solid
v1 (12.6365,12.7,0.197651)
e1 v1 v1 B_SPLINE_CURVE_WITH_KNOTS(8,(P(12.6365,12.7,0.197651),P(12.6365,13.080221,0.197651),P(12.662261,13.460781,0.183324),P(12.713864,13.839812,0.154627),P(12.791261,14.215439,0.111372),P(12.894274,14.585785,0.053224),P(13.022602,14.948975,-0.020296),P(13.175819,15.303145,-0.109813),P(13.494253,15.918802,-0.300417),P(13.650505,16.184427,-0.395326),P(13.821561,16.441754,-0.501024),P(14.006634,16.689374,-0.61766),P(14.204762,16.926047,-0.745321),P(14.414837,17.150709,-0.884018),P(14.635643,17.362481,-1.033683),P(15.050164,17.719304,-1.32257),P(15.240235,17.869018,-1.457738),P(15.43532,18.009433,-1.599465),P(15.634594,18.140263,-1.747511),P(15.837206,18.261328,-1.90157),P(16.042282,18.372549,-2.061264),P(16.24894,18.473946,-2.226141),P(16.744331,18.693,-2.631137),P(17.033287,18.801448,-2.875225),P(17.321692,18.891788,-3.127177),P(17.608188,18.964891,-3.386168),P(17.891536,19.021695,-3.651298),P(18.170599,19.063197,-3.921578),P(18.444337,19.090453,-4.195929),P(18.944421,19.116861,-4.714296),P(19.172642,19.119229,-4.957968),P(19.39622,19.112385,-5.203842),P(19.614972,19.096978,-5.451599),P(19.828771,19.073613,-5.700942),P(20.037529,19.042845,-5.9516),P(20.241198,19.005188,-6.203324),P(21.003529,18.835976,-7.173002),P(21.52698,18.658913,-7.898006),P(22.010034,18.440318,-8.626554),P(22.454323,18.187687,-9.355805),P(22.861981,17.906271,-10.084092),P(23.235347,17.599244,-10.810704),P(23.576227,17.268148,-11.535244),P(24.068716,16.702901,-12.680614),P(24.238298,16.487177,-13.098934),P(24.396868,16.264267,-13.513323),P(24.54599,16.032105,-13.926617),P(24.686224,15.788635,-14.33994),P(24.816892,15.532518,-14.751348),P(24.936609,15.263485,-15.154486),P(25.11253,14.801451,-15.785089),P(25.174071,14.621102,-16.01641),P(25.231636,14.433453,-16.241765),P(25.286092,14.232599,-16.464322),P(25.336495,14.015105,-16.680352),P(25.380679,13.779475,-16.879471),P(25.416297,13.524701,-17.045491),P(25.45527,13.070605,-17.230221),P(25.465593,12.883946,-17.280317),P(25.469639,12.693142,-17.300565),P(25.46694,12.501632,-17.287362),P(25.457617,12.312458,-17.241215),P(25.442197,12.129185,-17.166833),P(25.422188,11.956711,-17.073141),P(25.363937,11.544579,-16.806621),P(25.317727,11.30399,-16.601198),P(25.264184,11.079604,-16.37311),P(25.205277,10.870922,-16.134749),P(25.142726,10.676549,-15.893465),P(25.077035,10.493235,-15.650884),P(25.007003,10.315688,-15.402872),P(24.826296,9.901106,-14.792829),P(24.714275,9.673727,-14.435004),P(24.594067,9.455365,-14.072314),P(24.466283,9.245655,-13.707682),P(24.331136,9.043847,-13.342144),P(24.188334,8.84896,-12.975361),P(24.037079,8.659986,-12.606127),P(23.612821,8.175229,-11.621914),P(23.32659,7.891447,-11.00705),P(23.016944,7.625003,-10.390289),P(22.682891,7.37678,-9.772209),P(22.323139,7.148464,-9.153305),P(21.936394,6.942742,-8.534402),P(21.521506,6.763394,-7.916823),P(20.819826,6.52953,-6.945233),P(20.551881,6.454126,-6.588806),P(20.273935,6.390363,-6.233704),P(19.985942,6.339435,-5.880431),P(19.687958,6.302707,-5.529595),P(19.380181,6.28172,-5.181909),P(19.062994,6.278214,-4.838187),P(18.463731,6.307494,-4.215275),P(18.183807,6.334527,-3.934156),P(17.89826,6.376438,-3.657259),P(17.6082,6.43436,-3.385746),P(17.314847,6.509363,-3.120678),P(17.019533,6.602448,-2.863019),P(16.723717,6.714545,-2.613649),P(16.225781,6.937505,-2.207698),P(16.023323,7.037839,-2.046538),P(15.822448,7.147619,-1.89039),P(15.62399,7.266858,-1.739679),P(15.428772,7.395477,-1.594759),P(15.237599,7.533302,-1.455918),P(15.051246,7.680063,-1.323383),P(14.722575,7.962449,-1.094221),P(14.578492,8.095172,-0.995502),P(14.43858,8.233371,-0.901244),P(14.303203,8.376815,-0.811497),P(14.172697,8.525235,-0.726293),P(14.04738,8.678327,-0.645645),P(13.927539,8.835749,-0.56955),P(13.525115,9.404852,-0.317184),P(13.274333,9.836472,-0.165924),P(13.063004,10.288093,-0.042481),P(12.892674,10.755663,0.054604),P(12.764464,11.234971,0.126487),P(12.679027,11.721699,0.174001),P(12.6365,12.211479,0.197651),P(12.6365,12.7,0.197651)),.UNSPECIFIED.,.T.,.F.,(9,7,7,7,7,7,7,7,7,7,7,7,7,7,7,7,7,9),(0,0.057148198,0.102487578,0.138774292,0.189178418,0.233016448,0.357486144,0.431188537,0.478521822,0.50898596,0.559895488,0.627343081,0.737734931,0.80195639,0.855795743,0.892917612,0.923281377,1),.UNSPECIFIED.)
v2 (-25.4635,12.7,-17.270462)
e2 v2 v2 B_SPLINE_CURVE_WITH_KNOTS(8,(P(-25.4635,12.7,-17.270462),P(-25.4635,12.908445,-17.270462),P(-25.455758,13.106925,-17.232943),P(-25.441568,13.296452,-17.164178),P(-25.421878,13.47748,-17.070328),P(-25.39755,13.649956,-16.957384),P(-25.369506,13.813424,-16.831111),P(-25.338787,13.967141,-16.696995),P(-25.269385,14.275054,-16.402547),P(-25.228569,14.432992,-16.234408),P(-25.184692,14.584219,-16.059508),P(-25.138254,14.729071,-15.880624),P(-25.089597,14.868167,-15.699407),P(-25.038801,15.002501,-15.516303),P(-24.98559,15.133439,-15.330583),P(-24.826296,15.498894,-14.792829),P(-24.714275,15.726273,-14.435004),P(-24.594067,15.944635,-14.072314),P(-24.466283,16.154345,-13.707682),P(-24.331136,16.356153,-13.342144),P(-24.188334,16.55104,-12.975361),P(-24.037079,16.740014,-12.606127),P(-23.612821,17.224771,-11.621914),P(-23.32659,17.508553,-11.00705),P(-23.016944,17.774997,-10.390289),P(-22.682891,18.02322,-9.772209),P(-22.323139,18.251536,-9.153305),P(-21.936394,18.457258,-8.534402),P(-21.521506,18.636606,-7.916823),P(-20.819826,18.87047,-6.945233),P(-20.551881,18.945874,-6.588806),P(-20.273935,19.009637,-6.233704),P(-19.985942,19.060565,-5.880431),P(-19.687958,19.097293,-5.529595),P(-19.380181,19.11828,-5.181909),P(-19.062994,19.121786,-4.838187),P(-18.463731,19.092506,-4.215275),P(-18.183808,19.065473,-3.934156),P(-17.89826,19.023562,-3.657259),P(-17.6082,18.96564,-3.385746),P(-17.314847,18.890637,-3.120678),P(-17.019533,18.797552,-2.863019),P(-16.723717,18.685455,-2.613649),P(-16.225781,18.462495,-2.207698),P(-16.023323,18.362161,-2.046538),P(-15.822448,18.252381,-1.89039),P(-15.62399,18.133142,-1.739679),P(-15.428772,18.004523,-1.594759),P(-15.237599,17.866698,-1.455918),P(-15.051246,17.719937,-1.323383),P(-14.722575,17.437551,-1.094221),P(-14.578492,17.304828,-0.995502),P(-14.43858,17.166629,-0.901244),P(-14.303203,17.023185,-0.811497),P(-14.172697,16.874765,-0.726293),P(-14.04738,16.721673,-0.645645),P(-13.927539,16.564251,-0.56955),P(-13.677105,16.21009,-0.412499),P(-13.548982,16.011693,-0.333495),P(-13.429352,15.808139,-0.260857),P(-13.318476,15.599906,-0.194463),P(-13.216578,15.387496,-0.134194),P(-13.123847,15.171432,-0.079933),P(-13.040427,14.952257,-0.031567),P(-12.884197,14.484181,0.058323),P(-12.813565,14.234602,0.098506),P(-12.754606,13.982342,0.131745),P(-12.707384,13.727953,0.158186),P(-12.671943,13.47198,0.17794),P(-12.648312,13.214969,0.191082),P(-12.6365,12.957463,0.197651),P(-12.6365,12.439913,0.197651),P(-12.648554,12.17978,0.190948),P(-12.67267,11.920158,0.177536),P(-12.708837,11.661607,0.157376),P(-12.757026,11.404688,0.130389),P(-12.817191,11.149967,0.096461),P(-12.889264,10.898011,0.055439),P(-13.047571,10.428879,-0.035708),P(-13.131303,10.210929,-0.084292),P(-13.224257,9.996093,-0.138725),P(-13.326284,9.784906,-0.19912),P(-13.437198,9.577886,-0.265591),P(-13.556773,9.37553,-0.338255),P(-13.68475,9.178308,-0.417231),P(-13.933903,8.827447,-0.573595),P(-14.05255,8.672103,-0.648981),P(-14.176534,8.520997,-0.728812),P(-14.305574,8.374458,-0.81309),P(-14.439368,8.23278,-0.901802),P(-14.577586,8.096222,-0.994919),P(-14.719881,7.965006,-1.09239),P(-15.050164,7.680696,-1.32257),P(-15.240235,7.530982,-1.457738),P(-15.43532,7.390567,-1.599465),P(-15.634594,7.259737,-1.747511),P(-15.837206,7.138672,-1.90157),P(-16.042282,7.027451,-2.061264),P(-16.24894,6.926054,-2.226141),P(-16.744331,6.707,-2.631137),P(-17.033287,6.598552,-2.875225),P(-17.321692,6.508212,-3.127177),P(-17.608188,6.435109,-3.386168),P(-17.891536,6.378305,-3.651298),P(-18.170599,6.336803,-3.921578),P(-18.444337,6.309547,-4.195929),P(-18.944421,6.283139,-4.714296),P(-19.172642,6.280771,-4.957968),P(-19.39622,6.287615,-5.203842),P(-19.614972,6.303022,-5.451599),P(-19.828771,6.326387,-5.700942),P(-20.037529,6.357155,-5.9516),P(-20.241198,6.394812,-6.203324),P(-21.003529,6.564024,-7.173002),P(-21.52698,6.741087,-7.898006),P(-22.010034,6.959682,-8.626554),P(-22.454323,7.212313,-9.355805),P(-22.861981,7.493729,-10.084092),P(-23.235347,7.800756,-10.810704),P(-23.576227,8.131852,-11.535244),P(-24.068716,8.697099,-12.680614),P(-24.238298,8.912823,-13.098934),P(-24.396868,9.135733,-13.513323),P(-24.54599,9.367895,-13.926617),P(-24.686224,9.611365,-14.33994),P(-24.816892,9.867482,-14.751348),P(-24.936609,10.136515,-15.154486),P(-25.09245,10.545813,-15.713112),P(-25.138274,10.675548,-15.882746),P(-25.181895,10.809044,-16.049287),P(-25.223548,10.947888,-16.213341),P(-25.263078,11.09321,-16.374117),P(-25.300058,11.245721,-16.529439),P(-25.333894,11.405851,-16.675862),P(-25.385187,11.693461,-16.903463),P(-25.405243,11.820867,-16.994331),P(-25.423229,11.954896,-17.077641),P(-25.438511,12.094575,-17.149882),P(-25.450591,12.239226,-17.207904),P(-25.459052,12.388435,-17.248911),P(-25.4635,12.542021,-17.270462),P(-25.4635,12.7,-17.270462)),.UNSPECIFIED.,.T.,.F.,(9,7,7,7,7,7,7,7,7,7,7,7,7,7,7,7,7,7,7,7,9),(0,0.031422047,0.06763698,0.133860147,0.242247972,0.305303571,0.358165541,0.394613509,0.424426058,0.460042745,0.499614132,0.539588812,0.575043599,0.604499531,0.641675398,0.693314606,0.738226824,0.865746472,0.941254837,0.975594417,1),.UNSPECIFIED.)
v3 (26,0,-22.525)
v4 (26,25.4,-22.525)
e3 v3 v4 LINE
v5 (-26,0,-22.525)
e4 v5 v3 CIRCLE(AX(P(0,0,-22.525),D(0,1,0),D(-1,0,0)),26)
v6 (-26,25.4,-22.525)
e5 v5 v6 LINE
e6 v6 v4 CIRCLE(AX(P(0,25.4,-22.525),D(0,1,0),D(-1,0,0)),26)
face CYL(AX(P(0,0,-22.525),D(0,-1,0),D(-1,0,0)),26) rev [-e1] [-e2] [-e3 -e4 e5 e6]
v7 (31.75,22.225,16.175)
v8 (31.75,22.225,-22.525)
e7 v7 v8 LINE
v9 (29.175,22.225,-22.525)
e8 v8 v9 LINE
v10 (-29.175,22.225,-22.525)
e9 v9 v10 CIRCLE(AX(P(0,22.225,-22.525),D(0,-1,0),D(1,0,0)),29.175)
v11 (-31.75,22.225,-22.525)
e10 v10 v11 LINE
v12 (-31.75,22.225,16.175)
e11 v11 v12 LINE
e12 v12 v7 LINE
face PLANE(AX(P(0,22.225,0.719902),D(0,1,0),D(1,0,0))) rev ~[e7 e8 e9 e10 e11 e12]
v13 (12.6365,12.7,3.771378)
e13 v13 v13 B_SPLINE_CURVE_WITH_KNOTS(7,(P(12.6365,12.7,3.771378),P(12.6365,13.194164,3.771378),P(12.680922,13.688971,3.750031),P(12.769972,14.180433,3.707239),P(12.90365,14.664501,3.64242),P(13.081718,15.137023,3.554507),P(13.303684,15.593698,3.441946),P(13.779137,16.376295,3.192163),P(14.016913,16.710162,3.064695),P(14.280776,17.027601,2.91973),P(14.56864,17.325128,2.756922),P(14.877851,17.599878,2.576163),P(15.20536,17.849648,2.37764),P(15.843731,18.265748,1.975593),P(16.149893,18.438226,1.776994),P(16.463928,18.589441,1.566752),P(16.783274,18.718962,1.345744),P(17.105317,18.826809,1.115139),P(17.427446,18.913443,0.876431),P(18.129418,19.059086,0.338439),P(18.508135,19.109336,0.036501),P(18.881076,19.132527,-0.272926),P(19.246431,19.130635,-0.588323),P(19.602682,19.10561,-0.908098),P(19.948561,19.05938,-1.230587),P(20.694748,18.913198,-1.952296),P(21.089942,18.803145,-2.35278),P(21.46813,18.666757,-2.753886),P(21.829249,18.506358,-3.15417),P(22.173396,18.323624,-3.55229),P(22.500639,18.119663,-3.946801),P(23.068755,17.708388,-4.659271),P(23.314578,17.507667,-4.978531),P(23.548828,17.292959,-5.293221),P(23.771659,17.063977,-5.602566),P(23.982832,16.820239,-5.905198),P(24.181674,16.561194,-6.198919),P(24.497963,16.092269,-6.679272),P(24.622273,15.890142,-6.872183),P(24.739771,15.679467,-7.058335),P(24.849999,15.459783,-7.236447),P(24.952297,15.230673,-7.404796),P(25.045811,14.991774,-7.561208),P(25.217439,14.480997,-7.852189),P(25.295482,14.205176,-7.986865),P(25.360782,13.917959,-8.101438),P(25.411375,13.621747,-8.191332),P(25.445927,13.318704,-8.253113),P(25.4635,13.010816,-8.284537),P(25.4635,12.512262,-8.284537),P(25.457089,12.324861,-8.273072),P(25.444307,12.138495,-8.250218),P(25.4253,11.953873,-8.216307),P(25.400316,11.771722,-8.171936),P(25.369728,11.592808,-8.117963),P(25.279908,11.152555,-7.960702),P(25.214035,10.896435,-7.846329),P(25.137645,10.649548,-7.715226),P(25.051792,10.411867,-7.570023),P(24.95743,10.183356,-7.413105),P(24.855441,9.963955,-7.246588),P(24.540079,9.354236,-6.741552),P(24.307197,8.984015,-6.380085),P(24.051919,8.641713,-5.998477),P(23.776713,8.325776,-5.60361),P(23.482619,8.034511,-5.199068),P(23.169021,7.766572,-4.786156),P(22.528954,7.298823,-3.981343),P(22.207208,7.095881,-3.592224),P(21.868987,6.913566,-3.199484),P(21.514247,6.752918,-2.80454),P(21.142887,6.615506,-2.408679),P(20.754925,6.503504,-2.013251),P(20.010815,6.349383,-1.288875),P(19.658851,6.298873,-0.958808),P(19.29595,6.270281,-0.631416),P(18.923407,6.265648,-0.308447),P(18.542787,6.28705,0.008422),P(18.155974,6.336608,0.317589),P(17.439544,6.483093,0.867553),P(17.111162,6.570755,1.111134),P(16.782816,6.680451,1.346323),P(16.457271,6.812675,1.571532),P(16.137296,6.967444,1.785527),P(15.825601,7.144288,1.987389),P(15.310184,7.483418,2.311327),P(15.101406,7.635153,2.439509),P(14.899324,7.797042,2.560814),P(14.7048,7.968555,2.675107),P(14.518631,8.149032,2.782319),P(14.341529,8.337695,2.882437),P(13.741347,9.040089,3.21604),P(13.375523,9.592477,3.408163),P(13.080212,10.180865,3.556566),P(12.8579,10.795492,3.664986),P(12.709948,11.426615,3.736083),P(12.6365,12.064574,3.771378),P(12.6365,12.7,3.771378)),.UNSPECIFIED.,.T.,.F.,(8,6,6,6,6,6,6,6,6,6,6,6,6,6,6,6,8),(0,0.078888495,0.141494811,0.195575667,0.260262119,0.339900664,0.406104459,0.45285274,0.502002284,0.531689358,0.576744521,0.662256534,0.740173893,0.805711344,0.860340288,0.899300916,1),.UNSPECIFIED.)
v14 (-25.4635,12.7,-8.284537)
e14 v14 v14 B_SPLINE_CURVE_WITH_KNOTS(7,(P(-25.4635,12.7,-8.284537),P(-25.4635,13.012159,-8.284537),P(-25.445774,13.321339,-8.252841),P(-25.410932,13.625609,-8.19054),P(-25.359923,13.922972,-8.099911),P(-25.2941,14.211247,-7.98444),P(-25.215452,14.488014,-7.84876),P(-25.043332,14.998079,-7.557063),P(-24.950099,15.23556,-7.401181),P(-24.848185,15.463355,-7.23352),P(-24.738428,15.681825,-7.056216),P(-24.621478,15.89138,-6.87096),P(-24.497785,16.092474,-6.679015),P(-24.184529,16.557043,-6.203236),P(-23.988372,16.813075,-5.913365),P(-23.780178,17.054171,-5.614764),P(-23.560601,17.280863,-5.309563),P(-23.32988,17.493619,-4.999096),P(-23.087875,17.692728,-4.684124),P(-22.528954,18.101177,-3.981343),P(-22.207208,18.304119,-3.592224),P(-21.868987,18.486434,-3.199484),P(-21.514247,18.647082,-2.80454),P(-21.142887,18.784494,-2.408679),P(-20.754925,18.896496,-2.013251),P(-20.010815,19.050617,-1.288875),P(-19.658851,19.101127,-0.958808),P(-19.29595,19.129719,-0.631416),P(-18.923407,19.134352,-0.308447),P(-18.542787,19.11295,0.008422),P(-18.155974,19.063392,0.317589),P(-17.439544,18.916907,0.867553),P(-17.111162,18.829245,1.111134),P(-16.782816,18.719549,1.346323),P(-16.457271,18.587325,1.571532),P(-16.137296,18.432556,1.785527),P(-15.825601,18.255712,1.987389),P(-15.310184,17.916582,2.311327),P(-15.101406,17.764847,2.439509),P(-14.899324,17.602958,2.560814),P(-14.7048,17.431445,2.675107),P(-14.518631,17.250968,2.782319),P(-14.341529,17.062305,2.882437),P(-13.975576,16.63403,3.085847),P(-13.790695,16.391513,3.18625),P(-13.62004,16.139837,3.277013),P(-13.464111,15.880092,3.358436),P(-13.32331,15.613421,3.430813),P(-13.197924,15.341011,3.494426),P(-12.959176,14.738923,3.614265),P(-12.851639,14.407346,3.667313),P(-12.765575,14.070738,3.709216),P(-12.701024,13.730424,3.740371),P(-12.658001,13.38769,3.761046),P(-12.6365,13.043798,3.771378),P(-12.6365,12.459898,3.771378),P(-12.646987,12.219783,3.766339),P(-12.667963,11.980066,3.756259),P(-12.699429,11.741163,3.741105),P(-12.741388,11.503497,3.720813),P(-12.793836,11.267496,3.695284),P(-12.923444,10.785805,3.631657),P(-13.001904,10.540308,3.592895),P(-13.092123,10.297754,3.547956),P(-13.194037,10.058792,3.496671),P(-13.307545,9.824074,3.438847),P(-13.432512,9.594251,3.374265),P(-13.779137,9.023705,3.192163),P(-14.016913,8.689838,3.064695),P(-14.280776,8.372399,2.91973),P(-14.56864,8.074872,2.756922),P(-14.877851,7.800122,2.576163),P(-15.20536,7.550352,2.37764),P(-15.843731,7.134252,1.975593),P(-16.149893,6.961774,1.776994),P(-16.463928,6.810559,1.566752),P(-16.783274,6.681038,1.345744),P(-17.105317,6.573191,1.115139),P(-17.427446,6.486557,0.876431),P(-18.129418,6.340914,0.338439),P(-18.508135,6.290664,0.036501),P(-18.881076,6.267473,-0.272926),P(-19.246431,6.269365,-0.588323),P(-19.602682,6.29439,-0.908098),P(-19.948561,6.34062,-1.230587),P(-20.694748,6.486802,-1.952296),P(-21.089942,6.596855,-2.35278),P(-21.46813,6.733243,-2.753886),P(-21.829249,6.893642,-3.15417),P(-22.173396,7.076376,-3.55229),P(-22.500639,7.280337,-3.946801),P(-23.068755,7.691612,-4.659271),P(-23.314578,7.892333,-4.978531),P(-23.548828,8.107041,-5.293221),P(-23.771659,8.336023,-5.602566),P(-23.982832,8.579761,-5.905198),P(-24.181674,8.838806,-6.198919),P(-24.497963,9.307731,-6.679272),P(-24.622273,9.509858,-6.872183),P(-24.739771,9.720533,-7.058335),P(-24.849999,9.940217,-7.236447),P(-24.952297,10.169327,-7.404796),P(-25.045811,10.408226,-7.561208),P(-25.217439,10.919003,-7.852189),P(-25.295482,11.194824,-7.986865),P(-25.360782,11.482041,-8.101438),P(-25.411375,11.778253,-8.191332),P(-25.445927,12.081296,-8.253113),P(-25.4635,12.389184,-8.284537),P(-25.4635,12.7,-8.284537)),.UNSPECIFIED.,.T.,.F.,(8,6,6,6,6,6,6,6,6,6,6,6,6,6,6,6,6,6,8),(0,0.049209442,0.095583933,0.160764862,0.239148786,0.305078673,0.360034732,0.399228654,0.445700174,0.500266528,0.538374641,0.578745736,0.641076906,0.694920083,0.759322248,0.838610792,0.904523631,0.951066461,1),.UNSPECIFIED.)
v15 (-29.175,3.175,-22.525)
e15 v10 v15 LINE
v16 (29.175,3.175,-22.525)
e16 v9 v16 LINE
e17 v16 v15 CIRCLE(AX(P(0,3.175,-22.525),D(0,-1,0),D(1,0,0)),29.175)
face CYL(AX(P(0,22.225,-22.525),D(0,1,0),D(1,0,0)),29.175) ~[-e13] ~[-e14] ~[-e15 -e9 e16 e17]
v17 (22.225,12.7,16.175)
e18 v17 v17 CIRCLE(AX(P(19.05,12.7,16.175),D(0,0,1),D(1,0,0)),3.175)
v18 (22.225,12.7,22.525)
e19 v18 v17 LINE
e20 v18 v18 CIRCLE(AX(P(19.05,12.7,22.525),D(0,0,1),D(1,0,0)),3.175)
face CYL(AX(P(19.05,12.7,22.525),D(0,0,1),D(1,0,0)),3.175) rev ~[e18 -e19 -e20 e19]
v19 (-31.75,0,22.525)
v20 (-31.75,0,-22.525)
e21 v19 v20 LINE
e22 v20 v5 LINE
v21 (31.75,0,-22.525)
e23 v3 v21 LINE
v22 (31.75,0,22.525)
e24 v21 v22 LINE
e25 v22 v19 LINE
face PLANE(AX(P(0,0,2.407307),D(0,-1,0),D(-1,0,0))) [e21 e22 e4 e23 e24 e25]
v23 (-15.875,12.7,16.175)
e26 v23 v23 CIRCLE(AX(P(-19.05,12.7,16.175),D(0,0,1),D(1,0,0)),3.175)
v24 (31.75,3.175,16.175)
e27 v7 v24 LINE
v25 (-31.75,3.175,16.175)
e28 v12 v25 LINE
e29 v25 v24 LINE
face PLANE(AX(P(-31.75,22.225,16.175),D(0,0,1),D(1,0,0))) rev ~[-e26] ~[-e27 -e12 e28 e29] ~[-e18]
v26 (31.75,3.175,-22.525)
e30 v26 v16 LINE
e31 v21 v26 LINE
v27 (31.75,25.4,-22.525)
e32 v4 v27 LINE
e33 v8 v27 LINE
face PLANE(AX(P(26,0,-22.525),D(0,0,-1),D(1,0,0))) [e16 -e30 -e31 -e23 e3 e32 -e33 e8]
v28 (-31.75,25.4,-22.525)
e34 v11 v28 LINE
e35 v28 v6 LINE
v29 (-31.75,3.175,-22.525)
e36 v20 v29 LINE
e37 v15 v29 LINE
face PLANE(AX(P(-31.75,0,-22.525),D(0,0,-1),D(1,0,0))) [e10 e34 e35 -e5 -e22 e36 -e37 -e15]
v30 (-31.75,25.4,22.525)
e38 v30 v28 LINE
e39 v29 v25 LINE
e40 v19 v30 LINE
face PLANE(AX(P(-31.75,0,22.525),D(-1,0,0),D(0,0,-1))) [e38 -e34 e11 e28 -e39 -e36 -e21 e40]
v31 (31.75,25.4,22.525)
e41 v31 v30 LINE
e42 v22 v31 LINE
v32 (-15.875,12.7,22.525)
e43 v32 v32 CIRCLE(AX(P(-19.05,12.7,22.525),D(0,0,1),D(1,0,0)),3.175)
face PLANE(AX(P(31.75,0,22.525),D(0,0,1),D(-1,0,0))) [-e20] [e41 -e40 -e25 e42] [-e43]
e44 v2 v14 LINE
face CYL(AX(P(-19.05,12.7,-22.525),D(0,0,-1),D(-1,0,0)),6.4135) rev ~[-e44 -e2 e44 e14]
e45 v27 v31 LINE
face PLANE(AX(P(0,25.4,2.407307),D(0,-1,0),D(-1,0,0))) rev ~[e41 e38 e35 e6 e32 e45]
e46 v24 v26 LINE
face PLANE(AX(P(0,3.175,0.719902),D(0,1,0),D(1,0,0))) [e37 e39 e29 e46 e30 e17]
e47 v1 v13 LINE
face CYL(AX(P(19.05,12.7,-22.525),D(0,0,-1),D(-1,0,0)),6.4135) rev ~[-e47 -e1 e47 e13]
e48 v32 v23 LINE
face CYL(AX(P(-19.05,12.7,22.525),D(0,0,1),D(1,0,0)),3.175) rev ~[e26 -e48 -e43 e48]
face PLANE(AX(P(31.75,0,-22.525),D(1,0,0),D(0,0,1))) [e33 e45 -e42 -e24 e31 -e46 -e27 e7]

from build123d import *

# Parameters (mm, degrees)
BOSS_EXTRUDE1_DEPTH = 25.4
CUT_EXTRUDE3_START  = -3.175
CUT_EXTRUDE3_DEPTH  = 19.05
SKETCH5_R           = 3.175
CUT_EXTRUDE4_DEPTH  = 6.35
CUT_EXTRUDE5_REACH  = 62.685
SKETCH6_R           = 6.4135


with BuildPart() as part:
    # Sketch1 → Boss-Extrude1 (new body)
    with BuildSketch(Plane(origin=(0, 0, 0), x_dir=(1, 0, 0), z_dir=(0, 1, 0))):
        with BuildLine():
            Line((26, 22.525), (31.75, 22.525))
            Line((31.75, 22.525), (31.75, -22.525))
            Line((31.75, -22.525), (-31.75, -22.525))
            Line((-31.75, -22.525), (-31.75, 22.525))
            Line((-31.75, 22.525), (-26, 22.525))
            ThreePointArc((-26, 22.525), (0, -3.475), (26, 22.525))
        make_face()
    extrude(amount=BOSS_EXTRUDE1_DEPTH)

    # Sketch3 → Cut-Extrude3 (cut)
    with BuildSketch(Plane(origin=(0, 25.4, 0), x_dir=(1, 0, 0), z_dir=(0, 1, 0)).offset(CUT_EXTRUDE3_START)):
        with BuildLine():
            Line((-31.75, -16.175), (31.75, -16.175))
            Line((31.75, -16.175), (31.75, 22.525))
            Line((31.75, 22.525), (29.175, 22.525))
            ThreePointArc((29.175, 22.525), (0, -6.65), (-29.175, 22.525))
            Line((-29.175, 22.525), (-31.75, 22.525))
            Line((-31.75, 22.525), (-31.75, -16.175))
        make_face()
    extrude(amount=-CUT_EXTRUDE3_DEPTH, mode=Mode.SUBTRACT)

    # Sketch5 → Cut-Extrude4 (cut)
    with BuildSketch(Plane.XY.offset(22.525)):
        with Locations((-19.05, 12.7)):
            Circle(SKETCH5_R)
        with Locations((19.05, 12.7)):
            Circle(SKETCH5_R)
    extrude(amount=-CUT_EXTRUDE4_DEPTH, mode=Mode.SUBTRACT)

    # Cut-Extrude5: up to this face of the body (flat: up to its plane)
    cut_extrude5_end = Plane(part.part.faces().sort_by_distance((0, 12.7, 16.175))[0])
    # Sketch6 → Cut-Extrude5 (cut, up to the picked face)
    with BuildSketch(Plane(origin=(0, 0, -22.525), x_dir=(-1, 0, 0), z_dir=(0, 0, -1)), mode=Mode.PRIVATE) as cut_extrude5_sk1:
        with Locations((-19.05, 12.7)):
            Circle(SKETCH6_R)
    cut_extrude5_tool1 = split(extrude(cut_extrude5_sk1.sketch, amount=-CUT_EXTRUDE5_REACH, mode=Mode.PRIVATE), bisect_by=cut_extrude5_end, keep=Keep.BOTH, mode=Mode.PRIVATE)
    # Sketch6 → Cut-Extrude5 (cut, up to the picked face)
    with BuildSketch(Plane(origin=(0, 0, -22.525), x_dir=(-1, 0, 0), z_dir=(0, 0, -1)), mode=Mode.PRIVATE) as cut_extrude5_sk2:
        with Locations((19.05, 12.7)):
            Circle(SKETCH6_R)
    cut_extrude5_tool2 = split(extrude(cut_extrude5_sk2.sketch, amount=-CUT_EXTRUDE5_REACH, mode=Mode.PRIVATE), bisect_by=cut_extrude5_end, keep=Keep.BOTH, mode=Mode.PRIVATE)
    add(cut_extrude5_tool1.solids().sort_by(Axis((19.05, 12.7, -22.525), (0, 0, 1)))[0], mode=Mode.SUBTRACT)
    add(cut_extrude5_tool2.solids().sort_by(Axis((-19.05, 12.7, -22.525), (0, 0, 1)))[0], mode=Mode.SUBTRACT)


solid = part.part
